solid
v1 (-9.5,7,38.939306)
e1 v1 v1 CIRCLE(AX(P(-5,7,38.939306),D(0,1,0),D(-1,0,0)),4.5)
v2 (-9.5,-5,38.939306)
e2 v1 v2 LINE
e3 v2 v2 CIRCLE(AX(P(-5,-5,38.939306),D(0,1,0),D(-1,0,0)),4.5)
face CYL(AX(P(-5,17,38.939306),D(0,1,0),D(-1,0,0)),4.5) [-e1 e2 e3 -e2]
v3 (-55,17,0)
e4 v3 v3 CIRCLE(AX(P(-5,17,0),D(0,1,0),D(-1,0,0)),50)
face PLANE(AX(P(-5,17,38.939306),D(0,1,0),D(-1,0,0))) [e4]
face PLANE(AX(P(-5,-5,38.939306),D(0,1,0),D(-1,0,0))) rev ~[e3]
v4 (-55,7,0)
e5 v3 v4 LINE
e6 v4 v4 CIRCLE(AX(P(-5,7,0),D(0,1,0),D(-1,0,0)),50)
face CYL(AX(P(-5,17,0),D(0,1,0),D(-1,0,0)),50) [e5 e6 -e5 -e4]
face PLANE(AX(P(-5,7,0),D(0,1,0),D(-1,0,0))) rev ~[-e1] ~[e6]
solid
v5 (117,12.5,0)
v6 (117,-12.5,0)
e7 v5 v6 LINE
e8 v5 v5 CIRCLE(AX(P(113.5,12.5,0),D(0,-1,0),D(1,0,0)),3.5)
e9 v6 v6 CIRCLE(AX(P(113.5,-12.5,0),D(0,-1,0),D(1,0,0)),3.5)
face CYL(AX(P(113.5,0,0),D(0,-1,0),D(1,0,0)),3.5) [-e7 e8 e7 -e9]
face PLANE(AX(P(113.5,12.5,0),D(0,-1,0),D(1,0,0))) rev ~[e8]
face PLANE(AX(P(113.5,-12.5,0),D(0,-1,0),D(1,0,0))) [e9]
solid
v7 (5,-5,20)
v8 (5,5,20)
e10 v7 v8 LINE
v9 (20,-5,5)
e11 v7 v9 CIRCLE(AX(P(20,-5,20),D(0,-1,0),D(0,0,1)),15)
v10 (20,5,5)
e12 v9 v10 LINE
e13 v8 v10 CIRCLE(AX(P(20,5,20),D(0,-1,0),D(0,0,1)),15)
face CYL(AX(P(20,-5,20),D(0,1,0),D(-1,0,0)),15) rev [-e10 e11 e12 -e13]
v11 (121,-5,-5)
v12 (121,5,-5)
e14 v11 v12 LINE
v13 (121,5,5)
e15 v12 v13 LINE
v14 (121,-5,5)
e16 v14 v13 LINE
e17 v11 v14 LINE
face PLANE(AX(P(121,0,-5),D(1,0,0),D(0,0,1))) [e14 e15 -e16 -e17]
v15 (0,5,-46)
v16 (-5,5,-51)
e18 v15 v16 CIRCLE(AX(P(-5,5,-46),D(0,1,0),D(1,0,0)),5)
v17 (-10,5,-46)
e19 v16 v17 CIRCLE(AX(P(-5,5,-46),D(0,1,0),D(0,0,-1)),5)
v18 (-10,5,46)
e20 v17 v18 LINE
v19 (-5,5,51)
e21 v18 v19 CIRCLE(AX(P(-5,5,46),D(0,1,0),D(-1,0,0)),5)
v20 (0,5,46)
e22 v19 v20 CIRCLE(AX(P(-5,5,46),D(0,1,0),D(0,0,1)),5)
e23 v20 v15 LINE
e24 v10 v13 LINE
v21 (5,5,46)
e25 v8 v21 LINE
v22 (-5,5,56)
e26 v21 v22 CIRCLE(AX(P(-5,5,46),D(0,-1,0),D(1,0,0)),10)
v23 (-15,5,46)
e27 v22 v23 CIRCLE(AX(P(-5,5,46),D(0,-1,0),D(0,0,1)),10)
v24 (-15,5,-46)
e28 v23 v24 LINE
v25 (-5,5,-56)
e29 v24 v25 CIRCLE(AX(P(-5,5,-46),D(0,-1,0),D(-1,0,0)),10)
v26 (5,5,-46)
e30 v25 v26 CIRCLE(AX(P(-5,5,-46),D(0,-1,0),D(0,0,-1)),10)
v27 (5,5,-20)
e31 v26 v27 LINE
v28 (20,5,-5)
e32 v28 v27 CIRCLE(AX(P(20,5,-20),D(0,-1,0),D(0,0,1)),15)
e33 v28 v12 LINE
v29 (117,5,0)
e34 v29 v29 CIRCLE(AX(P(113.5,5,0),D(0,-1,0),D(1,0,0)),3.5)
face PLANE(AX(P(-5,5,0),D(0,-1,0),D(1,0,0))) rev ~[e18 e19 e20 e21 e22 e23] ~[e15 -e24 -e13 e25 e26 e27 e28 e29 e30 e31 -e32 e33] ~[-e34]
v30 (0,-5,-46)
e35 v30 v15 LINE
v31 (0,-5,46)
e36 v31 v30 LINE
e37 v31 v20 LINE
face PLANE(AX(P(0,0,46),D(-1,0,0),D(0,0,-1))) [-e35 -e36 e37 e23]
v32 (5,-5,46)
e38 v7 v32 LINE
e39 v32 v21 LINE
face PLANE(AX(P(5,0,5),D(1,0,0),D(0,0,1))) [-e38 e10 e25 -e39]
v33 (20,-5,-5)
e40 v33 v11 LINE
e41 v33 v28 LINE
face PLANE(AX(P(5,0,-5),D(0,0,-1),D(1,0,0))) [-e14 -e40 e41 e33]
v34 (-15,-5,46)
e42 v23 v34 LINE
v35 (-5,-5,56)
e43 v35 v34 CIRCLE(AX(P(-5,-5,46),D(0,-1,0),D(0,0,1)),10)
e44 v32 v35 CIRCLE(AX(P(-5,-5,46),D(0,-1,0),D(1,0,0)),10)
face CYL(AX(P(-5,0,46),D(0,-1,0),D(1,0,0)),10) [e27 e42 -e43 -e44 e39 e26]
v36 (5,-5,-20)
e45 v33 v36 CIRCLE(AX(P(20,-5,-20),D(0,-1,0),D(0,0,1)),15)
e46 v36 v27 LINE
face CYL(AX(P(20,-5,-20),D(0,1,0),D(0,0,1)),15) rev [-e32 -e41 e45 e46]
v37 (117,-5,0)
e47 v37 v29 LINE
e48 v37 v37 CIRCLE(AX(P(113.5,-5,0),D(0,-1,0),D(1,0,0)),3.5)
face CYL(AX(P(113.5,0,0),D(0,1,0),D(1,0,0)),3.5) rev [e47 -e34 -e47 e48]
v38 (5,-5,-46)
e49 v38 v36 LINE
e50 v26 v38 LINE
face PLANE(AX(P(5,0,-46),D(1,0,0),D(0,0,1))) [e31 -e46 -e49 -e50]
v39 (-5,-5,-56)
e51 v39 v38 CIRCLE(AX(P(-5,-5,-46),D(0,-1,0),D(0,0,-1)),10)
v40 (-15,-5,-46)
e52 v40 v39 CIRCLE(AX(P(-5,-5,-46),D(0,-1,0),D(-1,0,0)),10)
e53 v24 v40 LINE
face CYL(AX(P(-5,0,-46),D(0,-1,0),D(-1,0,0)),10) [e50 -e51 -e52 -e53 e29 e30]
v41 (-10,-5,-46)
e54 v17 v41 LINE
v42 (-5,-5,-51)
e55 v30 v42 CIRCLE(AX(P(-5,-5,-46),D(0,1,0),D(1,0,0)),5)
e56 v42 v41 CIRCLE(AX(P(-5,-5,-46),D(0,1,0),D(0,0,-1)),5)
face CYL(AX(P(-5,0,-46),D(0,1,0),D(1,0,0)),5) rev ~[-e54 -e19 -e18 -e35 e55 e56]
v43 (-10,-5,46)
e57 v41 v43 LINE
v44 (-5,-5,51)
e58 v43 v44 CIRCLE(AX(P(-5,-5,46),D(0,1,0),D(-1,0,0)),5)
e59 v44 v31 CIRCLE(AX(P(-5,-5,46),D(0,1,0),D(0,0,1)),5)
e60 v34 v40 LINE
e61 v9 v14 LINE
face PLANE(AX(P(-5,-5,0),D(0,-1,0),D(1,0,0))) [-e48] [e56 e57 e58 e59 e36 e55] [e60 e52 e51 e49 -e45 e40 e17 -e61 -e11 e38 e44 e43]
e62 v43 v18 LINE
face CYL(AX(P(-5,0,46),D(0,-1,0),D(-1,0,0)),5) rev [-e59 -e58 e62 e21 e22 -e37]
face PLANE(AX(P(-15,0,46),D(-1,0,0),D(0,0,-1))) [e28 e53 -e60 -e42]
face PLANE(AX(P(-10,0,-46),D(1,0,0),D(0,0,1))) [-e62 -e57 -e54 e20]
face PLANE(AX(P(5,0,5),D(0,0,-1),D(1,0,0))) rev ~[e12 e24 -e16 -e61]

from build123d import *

# Parameters (mm, degrees)
F0_W     = 116
F0_H     = 10
F0_R     = 3.5
F1_DEPTH = 5
F3_R     = 50
F3_R_2   = 4.5
F4_DEPTH = 10
F5_DEPTH = 22
F6_R     = 15
F7_DEPTH = 12.5


with BuildPart() as f1:
    # F0 (on Front) → F1 (new body, symmetric)
    with BuildSketch(Plane.XZ):
        with BuildLine():
            ThreePointArc((5, 46), (2.0710678119, 53.0710678119), (-5, 56))
            ThreePointArc((-5, 56), (-12.0710678119, 53.0710678119), (-15, 46))
            Line((-15, 46), (-15, -46))
            ThreePointArc((-15, -46), (-12.0710678119, -53.0710678119), (-5, -56))
            ThreePointArc((-5, -56), (2.0710678119, -53.0710678119), (5, -46))
            Line((5, -46), (5, -5))
            Line((5, -5), (5, 5))
            Line((5, 5), (5, 46))
        make_face()
        with BuildLine():
            ThreePointArc((-5, 51), (-1.4644660941, 49.5355339059), (0, 46))
            Line((0, 46), (0, -46))
            ThreePointArc((0, -46), (-1.4644660941, -49.5355339059), (-5, -51))
            ThreePointArc((-5, -51), (-8.5355339059, -49.5355339059), (-10, -46))
            Line((-10, -46), (-10, 46))
            ThreePointArc((-10, 46), (-8.5355339059, 49.5355339059), (-5, 51))
        make_face(mode=Mode.SUBTRACT)
        with Locations((63, 0)):
            Rectangle(F0_W, F0_H)
        with Locations((113.5, 0)):
            Circle(F0_R, mode=Mode.SUBTRACT)
    extrude(amount=F1_DEPTH, both=True)

    # F6
    f6_edges = [f1.edges().sort_by_distance(p)[0] for p in [
        (5, 0, 5),
        (5, 0, -5),
    ]]
    fillet(f6_edges, radius=F6_R)


with BuildPart() as f4:
    # F3 (on offset) → F4 (new body)
    with BuildSketch(Plane(origin=(0, 17, 0), x_dir=(-1, 0, 0), z_dir=(0, 1, 0))):
        with Locations((5, 0)):
            Circle(F3_R)
        with Locations((5, 38.9393063534)):
            Circle(F3_R_2, mode=Mode.SUBTRACT)
        with Locations((5, 38.9393063534)):
            Circle(F3_R_2)
    extrude(amount=-F4_DEPTH)

    # F3 (on offset) → F5 (join, through all)
    with BuildSketch(Plane(origin=(0, 17, 0), x_dir=(-1, 0, 0), z_dir=(0, 1, 0))):
        with Locations((5, 38.9393063534)):
            Circle(F3_R_2)
    extrude(amount=-F5_DEPTH)


with BuildPart() as f7:
    # F0 (on Front) → F7 (new body, symmetric)
    with BuildSketch(Plane.XZ):
        with Locations((113.5, 0)):
            Circle(F0_R)
    extrude(amount=F7_DEPTH, both=True)


solid = Compound([f1.part, f4.part, f7.part])
